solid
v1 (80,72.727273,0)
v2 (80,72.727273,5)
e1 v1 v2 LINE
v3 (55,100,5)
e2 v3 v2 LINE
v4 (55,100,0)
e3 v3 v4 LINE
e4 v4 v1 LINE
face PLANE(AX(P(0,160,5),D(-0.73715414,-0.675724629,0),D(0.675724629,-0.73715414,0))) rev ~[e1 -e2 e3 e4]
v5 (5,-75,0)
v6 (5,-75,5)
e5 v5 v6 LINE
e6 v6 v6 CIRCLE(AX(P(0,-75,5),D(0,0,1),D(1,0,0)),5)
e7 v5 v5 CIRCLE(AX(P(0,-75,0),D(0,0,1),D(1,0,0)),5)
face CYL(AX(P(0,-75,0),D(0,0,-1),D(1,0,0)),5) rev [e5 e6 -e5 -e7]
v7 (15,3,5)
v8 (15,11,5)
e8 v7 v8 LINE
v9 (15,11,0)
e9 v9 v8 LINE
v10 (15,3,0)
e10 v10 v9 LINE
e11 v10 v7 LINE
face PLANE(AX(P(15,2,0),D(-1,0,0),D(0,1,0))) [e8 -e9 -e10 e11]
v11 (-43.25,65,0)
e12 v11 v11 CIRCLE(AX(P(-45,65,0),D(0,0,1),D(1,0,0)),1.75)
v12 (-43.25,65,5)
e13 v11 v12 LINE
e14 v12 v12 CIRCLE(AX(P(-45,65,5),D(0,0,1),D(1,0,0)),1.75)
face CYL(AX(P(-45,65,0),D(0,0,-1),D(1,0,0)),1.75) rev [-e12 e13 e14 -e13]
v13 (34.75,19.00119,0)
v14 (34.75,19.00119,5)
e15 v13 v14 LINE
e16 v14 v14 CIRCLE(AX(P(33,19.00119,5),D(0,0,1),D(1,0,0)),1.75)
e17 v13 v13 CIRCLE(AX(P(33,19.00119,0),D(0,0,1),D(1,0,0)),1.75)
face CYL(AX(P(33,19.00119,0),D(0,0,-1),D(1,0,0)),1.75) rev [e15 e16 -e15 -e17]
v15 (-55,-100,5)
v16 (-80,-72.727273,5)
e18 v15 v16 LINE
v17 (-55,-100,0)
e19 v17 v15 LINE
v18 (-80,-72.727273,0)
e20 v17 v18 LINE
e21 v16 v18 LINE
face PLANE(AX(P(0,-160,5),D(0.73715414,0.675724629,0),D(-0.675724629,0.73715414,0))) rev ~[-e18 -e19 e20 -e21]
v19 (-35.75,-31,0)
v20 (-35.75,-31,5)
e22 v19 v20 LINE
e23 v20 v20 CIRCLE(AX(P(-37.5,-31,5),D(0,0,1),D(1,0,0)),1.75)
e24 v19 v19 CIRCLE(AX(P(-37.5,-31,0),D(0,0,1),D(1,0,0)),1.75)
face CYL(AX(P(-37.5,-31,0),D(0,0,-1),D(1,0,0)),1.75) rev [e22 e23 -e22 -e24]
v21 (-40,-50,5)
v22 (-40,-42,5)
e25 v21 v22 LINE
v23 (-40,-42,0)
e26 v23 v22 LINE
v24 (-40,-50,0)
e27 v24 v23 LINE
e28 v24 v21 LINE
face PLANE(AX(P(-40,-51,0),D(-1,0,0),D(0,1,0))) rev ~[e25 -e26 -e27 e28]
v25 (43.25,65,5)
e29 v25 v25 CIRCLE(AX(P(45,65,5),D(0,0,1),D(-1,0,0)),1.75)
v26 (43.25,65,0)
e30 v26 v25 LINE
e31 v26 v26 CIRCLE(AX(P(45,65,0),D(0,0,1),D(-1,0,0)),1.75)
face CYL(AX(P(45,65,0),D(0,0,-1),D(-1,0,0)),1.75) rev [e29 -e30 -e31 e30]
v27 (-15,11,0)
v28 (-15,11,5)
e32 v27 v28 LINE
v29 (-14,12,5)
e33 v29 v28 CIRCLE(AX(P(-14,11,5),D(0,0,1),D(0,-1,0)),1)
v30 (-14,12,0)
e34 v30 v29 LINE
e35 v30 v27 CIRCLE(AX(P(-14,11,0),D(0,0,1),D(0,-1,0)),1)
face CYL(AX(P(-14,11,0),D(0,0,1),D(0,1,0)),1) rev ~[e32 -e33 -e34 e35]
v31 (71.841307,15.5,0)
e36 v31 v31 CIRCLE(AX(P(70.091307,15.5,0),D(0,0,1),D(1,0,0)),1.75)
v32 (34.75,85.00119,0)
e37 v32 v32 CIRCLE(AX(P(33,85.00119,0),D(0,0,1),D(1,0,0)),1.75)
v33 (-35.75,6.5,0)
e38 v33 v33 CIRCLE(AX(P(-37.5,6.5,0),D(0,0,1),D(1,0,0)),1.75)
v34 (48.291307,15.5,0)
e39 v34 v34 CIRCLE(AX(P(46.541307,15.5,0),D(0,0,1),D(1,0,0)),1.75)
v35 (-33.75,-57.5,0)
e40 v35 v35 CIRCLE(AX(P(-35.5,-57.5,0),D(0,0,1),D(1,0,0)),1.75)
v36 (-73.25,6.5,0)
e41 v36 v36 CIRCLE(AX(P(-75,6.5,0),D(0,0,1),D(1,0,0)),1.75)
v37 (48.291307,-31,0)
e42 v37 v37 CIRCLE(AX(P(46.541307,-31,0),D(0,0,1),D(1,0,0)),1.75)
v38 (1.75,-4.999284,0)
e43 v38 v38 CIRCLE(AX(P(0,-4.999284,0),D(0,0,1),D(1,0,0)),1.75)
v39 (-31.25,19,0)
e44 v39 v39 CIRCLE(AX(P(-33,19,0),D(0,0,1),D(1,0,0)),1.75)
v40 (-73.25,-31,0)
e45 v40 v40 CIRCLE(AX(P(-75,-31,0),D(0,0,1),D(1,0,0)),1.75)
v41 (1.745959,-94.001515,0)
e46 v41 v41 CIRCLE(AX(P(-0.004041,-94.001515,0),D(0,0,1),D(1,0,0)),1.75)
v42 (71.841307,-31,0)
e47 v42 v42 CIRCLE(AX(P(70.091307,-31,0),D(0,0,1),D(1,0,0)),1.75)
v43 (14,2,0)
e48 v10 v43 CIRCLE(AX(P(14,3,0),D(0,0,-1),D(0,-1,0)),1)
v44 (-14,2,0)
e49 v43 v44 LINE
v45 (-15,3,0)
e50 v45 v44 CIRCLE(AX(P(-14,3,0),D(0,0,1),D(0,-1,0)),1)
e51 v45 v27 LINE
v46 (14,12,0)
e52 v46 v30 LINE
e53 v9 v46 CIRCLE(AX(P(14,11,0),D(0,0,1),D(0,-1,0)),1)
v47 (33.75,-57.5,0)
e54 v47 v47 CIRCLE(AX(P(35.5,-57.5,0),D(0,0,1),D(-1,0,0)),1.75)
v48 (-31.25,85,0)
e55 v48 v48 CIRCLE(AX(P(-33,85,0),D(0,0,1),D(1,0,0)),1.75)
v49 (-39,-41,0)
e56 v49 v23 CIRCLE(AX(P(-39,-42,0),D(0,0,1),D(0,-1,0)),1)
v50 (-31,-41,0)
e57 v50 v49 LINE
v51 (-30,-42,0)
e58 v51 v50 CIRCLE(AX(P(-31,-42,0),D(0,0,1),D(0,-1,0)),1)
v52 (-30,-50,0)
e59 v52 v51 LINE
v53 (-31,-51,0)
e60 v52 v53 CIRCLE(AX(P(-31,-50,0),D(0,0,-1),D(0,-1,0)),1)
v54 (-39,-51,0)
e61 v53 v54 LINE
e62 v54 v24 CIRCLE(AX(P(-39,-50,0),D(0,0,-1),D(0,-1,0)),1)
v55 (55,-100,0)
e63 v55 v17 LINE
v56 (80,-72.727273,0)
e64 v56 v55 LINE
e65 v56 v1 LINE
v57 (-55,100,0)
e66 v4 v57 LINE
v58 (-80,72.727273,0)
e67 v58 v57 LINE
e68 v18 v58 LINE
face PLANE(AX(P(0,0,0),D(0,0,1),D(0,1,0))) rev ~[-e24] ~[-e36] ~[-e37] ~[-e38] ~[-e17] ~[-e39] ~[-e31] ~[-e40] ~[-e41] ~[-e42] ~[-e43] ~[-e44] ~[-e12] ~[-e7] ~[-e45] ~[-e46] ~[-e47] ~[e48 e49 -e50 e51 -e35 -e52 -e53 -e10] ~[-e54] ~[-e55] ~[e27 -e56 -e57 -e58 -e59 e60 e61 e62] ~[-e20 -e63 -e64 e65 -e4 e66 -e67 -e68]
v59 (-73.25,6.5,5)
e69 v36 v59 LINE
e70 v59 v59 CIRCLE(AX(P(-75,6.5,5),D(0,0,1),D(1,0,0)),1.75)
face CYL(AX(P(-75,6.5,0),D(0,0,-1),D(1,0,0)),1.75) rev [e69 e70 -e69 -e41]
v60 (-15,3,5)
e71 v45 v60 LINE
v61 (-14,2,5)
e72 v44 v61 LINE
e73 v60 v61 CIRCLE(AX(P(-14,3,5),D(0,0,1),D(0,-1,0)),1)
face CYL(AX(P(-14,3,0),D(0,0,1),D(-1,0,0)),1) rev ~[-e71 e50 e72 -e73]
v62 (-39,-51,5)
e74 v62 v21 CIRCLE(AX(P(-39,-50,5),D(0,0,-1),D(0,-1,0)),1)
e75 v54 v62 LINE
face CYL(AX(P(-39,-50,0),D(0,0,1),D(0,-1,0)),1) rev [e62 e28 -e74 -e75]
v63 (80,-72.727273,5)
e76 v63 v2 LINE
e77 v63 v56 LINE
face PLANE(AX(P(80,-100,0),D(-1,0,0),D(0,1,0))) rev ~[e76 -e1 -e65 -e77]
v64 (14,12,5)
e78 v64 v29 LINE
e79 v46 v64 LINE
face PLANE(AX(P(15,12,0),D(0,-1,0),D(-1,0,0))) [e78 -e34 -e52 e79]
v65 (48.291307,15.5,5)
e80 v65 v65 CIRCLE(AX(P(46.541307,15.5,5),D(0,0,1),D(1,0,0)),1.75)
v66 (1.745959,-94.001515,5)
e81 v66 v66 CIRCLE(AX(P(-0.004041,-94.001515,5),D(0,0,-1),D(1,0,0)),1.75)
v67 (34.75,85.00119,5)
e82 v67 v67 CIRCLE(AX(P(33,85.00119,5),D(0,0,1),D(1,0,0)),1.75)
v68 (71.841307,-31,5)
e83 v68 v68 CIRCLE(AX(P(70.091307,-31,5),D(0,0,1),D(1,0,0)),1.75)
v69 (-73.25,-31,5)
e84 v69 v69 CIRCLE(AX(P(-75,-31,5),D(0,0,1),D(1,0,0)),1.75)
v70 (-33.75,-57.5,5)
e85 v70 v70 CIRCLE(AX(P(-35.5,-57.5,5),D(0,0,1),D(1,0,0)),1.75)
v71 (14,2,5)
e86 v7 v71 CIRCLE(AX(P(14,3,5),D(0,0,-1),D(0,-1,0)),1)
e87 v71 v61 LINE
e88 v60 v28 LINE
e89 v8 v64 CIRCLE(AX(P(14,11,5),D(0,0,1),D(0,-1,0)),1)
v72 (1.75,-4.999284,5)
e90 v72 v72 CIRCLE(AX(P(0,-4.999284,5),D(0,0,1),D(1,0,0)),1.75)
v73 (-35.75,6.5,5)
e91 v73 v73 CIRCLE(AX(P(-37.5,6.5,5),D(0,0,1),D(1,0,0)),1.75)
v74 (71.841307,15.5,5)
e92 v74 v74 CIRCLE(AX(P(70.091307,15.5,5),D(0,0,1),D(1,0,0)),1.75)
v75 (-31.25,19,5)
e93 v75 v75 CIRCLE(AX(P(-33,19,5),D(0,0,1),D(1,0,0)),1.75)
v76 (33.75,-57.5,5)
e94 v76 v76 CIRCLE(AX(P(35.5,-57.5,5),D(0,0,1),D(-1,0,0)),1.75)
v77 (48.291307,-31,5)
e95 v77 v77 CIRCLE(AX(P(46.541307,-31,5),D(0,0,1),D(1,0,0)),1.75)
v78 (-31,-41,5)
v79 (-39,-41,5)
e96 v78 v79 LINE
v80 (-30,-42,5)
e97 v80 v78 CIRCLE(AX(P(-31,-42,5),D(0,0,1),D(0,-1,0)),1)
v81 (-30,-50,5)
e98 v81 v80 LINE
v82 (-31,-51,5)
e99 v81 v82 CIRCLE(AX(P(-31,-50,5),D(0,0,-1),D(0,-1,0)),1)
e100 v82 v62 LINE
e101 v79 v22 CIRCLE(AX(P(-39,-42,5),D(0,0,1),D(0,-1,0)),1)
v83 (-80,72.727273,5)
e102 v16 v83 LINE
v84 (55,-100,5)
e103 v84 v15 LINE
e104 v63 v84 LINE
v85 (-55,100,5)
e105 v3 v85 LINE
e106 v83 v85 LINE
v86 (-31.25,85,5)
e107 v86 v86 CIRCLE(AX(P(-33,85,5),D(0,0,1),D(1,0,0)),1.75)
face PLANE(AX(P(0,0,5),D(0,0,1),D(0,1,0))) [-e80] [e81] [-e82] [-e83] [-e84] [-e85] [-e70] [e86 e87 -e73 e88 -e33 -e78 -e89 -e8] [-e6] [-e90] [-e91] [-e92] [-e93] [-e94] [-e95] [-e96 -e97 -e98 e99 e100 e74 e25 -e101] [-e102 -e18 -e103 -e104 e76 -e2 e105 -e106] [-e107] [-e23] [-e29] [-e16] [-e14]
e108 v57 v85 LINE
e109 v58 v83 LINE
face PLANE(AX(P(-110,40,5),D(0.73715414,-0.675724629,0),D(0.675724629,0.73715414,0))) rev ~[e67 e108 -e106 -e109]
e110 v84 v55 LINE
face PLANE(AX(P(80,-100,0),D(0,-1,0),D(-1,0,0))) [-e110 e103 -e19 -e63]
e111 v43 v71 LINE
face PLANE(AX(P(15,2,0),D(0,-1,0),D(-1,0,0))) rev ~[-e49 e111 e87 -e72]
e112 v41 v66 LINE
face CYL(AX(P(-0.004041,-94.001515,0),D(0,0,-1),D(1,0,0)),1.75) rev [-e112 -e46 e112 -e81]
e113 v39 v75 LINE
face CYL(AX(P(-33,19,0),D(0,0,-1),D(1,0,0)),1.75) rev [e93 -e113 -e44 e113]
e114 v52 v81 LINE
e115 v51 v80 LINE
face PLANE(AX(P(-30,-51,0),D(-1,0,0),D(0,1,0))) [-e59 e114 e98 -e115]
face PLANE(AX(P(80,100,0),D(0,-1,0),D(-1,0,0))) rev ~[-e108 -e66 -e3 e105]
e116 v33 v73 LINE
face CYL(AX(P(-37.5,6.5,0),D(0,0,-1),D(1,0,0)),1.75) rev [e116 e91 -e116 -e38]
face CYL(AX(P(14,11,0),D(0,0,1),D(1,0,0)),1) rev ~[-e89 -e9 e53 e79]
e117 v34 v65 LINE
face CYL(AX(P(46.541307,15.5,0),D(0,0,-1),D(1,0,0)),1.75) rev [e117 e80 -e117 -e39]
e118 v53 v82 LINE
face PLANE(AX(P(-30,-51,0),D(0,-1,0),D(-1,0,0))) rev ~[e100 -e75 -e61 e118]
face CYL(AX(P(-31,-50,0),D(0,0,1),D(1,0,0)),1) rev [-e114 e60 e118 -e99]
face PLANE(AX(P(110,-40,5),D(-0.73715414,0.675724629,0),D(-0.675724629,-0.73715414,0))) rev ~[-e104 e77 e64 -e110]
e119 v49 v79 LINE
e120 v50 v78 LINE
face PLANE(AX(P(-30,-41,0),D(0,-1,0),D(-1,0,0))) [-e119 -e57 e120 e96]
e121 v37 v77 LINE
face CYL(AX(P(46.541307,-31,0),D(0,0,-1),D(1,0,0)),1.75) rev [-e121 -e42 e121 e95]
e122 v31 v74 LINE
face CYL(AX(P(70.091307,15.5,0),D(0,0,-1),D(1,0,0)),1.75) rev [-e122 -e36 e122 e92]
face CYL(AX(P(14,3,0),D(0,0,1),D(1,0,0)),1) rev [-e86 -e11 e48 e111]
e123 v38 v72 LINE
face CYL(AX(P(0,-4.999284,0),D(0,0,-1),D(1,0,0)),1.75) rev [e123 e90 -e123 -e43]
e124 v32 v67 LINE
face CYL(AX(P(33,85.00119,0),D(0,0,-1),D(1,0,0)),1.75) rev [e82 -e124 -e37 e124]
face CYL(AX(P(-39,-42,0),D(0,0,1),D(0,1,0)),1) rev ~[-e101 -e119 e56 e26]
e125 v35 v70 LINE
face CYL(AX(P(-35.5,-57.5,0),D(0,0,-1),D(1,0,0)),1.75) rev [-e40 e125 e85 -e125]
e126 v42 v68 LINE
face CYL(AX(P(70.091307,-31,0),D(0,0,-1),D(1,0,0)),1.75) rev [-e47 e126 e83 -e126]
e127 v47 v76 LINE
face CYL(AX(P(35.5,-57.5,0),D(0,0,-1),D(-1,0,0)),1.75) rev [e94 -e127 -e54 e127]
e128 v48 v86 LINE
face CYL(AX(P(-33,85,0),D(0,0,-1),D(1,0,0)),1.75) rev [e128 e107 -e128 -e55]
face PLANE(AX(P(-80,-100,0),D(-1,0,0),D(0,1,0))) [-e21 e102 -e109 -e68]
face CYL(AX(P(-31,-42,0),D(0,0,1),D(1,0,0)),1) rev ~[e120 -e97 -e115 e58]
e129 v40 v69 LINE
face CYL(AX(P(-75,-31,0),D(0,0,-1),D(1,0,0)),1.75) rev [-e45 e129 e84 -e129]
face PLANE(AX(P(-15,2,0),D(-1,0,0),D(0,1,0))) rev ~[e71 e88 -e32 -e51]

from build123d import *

# Parameters (mm, degrees)
ESQUISSE1_W               = 200
ESQUISSE1_H               = 160
ESQUISSE1_R               = 5
ESQUISSE1_R_2             = 1.75
ESQUISSE1_W_2             = 10
ESQUISSE1_H_2             = 10
ESQUISSE1_H_3             = 30
BOSS_EXTRU_1_DEPTH        = 5
CONG_2_R                  = 1
ENL_V_MAT_EXTRU_1_DEPTH   = 129.16005618
ESQUISSE3_R               = 1.75
TROU_CUVE_DIRECTION_DEPTH = 129.16005618


with BuildPart() as part:
    # Esquisse1 → Boss.-Extru.1 (new body)
    with BuildSketch(Plane(origin=(0, 0, 0), x_dir=(0, 1, 0), z_dir=(0, 0, 1))):
        Rectangle(ESQUISSE1_W, ESQUISSE1_H)
        with Locations(Location((-75, 0, 0), (0, 0, 270))):
            Circle(ESQUISSE1_R, mode=Mode.SUBTRACT)
        with Locations(Location((-57.5, 35.5, 0), (0, 0, 270))):
            Circle(ESQUISSE1_R_2, mode=Mode.SUBTRACT)
        with Locations(Location((-57.5, -35.5, 0), (0, 0, 90))):
            Circle(ESQUISSE1_R_2, mode=Mode.SUBTRACT)
        with Locations(Location((65, 45, 0), (0, 0, 270))):
            Circle(ESQUISSE1_R_2, mode=Mode.SUBTRACT)
        with Locations(Location((65, -45, 0), (0, 0, 90))):
            Circle(ESQUISSE1_R_2, mode=Mode.SUBTRACT)
        with Locations(Location((-31, 37.5, 0), (0, 0, 270))):
            Circle(ESQUISSE1_R_2, mode=Mode.SUBTRACT)
        with Locations(Location((-31, 75, 0), (0, 0, 270))):
            Circle(ESQUISSE1_R_2, mode=Mode.SUBTRACT)
        with Locations(Location((6.5, 75, 0), (0, 0, 270))):
            Circle(ESQUISSE1_R_2, mode=Mode.SUBTRACT)
        with Locations(Location((6.5, 37.5, 0), (0, 0, 270))):
            Circle(ESQUISSE1_R_2, mode=Mode.SUBTRACT)
        with Locations(Location((-31, -46.541307377, 0), (0, 0, 270))):
            Circle(ESQUISSE1_R_2, mode=Mode.SUBTRACT)
        with Locations(Location((-31, -70.091307377, 0), (0, 0, 270))):
            Circle(ESQUISSE1_R_2, mode=Mode.SUBTRACT)
        with Locations(Location((15.5, -46.541307377, 0), (0, 0, 270))):
            Circle(ESQUISSE1_R_2, mode=Mode.SUBTRACT)
        with Locations(Location((15.5, -70.091307377, 0), (0, 0, 270))):
            Circle(ESQUISSE1_R_2, mode=Mode.SUBTRACT)
        with Locations(Location((-4.999283545, 0, 0), (0, 0, 270))):
            Circle(ESQUISSE1_R_2, mode=Mode.SUBTRACT)
        with Locations(Location((85, 33, 0), (0, 0, 270))):
            Circle(ESQUISSE1_R_2, mode=Mode.SUBTRACT)
        with Locations(Location((85.001189598, -32.999999989, 0), (0, 0, 270))):
            Circle(ESQUISSE1_R_2, mode=Mode.SUBTRACT)
        with Locations(Location((19, 33, 0), (0, 0, 270))):
            Circle(ESQUISSE1_R_2, mode=Mode.SUBTRACT)
        with Locations(Location((19.001189598, -32.999999989, 0), (0, 0, 270))):
            Circle(ESQUISSE1_R_2, mode=Mode.SUBTRACT)
        with Locations((-46, 35)):
            Rectangle(ESQUISSE1_W_2, ESQUISSE1_H_2, mode=Mode.SUBTRACT)
        with Locations((7, 0)):
            Rectangle(ESQUISSE1_W_2, ESQUISSE1_H_3, mode=Mode.SUBTRACT)
    extrude(amount=BOSS_EXTRU_1_DEPTH)

    # Congé2
    cong_2_edges = [part.edges().sort_by_distance(p)[0] for p in [
        (-40, -51, 2.5),
        (-30, -51, 2.5),
        (-30, -41, 2.5),
        (-40, -41, 2.5),
        (-15, 2, 2.5),
        (15, 2, 2.5),
        (15, 12, 2.5),
        (-15, 12, 2.5),
    ]]
    fillet(cong_2_edges, radius=CONG_2_R)

    # Esquisse2 → Enlèv. mat.-Extru.1 (cut, through all)
    with BuildSketch(Plane.XY.offset(5)):
        Polygon((-573.580399643, 598.167108478), (-698.698151963, -488.082468479), (684.299979338, -647.380682556), (762.904681953, 702.431902078), align=None)
        Polygon((-110, 40), (0, 160), (110, 40), (110, -40), (0, -160), (-110, -40), align=None, mode=Mode.SUBTRACT)
    extrude(amount=-ENL_V_MAT_EXTRU_1_DEPTH, mode=Mode.SUBTRACT)

    # Esquisse3 → Trou cuve direction (cut, through all)
    with BuildSketch(Plane(origin=(0, 0, 0), x_dir=(0, 1, 0), z_dir=(0, 0, 1))):
        with Locations(Location((-94.001515359, 0.004041019, 0), (0, 0, 270))):
            Circle(ESQUISSE3_R)
    extrude(amount=TROU_CUVE_DIRECTION_DEPTH, mode=Mode.SUBTRACT)


solid = part.part
